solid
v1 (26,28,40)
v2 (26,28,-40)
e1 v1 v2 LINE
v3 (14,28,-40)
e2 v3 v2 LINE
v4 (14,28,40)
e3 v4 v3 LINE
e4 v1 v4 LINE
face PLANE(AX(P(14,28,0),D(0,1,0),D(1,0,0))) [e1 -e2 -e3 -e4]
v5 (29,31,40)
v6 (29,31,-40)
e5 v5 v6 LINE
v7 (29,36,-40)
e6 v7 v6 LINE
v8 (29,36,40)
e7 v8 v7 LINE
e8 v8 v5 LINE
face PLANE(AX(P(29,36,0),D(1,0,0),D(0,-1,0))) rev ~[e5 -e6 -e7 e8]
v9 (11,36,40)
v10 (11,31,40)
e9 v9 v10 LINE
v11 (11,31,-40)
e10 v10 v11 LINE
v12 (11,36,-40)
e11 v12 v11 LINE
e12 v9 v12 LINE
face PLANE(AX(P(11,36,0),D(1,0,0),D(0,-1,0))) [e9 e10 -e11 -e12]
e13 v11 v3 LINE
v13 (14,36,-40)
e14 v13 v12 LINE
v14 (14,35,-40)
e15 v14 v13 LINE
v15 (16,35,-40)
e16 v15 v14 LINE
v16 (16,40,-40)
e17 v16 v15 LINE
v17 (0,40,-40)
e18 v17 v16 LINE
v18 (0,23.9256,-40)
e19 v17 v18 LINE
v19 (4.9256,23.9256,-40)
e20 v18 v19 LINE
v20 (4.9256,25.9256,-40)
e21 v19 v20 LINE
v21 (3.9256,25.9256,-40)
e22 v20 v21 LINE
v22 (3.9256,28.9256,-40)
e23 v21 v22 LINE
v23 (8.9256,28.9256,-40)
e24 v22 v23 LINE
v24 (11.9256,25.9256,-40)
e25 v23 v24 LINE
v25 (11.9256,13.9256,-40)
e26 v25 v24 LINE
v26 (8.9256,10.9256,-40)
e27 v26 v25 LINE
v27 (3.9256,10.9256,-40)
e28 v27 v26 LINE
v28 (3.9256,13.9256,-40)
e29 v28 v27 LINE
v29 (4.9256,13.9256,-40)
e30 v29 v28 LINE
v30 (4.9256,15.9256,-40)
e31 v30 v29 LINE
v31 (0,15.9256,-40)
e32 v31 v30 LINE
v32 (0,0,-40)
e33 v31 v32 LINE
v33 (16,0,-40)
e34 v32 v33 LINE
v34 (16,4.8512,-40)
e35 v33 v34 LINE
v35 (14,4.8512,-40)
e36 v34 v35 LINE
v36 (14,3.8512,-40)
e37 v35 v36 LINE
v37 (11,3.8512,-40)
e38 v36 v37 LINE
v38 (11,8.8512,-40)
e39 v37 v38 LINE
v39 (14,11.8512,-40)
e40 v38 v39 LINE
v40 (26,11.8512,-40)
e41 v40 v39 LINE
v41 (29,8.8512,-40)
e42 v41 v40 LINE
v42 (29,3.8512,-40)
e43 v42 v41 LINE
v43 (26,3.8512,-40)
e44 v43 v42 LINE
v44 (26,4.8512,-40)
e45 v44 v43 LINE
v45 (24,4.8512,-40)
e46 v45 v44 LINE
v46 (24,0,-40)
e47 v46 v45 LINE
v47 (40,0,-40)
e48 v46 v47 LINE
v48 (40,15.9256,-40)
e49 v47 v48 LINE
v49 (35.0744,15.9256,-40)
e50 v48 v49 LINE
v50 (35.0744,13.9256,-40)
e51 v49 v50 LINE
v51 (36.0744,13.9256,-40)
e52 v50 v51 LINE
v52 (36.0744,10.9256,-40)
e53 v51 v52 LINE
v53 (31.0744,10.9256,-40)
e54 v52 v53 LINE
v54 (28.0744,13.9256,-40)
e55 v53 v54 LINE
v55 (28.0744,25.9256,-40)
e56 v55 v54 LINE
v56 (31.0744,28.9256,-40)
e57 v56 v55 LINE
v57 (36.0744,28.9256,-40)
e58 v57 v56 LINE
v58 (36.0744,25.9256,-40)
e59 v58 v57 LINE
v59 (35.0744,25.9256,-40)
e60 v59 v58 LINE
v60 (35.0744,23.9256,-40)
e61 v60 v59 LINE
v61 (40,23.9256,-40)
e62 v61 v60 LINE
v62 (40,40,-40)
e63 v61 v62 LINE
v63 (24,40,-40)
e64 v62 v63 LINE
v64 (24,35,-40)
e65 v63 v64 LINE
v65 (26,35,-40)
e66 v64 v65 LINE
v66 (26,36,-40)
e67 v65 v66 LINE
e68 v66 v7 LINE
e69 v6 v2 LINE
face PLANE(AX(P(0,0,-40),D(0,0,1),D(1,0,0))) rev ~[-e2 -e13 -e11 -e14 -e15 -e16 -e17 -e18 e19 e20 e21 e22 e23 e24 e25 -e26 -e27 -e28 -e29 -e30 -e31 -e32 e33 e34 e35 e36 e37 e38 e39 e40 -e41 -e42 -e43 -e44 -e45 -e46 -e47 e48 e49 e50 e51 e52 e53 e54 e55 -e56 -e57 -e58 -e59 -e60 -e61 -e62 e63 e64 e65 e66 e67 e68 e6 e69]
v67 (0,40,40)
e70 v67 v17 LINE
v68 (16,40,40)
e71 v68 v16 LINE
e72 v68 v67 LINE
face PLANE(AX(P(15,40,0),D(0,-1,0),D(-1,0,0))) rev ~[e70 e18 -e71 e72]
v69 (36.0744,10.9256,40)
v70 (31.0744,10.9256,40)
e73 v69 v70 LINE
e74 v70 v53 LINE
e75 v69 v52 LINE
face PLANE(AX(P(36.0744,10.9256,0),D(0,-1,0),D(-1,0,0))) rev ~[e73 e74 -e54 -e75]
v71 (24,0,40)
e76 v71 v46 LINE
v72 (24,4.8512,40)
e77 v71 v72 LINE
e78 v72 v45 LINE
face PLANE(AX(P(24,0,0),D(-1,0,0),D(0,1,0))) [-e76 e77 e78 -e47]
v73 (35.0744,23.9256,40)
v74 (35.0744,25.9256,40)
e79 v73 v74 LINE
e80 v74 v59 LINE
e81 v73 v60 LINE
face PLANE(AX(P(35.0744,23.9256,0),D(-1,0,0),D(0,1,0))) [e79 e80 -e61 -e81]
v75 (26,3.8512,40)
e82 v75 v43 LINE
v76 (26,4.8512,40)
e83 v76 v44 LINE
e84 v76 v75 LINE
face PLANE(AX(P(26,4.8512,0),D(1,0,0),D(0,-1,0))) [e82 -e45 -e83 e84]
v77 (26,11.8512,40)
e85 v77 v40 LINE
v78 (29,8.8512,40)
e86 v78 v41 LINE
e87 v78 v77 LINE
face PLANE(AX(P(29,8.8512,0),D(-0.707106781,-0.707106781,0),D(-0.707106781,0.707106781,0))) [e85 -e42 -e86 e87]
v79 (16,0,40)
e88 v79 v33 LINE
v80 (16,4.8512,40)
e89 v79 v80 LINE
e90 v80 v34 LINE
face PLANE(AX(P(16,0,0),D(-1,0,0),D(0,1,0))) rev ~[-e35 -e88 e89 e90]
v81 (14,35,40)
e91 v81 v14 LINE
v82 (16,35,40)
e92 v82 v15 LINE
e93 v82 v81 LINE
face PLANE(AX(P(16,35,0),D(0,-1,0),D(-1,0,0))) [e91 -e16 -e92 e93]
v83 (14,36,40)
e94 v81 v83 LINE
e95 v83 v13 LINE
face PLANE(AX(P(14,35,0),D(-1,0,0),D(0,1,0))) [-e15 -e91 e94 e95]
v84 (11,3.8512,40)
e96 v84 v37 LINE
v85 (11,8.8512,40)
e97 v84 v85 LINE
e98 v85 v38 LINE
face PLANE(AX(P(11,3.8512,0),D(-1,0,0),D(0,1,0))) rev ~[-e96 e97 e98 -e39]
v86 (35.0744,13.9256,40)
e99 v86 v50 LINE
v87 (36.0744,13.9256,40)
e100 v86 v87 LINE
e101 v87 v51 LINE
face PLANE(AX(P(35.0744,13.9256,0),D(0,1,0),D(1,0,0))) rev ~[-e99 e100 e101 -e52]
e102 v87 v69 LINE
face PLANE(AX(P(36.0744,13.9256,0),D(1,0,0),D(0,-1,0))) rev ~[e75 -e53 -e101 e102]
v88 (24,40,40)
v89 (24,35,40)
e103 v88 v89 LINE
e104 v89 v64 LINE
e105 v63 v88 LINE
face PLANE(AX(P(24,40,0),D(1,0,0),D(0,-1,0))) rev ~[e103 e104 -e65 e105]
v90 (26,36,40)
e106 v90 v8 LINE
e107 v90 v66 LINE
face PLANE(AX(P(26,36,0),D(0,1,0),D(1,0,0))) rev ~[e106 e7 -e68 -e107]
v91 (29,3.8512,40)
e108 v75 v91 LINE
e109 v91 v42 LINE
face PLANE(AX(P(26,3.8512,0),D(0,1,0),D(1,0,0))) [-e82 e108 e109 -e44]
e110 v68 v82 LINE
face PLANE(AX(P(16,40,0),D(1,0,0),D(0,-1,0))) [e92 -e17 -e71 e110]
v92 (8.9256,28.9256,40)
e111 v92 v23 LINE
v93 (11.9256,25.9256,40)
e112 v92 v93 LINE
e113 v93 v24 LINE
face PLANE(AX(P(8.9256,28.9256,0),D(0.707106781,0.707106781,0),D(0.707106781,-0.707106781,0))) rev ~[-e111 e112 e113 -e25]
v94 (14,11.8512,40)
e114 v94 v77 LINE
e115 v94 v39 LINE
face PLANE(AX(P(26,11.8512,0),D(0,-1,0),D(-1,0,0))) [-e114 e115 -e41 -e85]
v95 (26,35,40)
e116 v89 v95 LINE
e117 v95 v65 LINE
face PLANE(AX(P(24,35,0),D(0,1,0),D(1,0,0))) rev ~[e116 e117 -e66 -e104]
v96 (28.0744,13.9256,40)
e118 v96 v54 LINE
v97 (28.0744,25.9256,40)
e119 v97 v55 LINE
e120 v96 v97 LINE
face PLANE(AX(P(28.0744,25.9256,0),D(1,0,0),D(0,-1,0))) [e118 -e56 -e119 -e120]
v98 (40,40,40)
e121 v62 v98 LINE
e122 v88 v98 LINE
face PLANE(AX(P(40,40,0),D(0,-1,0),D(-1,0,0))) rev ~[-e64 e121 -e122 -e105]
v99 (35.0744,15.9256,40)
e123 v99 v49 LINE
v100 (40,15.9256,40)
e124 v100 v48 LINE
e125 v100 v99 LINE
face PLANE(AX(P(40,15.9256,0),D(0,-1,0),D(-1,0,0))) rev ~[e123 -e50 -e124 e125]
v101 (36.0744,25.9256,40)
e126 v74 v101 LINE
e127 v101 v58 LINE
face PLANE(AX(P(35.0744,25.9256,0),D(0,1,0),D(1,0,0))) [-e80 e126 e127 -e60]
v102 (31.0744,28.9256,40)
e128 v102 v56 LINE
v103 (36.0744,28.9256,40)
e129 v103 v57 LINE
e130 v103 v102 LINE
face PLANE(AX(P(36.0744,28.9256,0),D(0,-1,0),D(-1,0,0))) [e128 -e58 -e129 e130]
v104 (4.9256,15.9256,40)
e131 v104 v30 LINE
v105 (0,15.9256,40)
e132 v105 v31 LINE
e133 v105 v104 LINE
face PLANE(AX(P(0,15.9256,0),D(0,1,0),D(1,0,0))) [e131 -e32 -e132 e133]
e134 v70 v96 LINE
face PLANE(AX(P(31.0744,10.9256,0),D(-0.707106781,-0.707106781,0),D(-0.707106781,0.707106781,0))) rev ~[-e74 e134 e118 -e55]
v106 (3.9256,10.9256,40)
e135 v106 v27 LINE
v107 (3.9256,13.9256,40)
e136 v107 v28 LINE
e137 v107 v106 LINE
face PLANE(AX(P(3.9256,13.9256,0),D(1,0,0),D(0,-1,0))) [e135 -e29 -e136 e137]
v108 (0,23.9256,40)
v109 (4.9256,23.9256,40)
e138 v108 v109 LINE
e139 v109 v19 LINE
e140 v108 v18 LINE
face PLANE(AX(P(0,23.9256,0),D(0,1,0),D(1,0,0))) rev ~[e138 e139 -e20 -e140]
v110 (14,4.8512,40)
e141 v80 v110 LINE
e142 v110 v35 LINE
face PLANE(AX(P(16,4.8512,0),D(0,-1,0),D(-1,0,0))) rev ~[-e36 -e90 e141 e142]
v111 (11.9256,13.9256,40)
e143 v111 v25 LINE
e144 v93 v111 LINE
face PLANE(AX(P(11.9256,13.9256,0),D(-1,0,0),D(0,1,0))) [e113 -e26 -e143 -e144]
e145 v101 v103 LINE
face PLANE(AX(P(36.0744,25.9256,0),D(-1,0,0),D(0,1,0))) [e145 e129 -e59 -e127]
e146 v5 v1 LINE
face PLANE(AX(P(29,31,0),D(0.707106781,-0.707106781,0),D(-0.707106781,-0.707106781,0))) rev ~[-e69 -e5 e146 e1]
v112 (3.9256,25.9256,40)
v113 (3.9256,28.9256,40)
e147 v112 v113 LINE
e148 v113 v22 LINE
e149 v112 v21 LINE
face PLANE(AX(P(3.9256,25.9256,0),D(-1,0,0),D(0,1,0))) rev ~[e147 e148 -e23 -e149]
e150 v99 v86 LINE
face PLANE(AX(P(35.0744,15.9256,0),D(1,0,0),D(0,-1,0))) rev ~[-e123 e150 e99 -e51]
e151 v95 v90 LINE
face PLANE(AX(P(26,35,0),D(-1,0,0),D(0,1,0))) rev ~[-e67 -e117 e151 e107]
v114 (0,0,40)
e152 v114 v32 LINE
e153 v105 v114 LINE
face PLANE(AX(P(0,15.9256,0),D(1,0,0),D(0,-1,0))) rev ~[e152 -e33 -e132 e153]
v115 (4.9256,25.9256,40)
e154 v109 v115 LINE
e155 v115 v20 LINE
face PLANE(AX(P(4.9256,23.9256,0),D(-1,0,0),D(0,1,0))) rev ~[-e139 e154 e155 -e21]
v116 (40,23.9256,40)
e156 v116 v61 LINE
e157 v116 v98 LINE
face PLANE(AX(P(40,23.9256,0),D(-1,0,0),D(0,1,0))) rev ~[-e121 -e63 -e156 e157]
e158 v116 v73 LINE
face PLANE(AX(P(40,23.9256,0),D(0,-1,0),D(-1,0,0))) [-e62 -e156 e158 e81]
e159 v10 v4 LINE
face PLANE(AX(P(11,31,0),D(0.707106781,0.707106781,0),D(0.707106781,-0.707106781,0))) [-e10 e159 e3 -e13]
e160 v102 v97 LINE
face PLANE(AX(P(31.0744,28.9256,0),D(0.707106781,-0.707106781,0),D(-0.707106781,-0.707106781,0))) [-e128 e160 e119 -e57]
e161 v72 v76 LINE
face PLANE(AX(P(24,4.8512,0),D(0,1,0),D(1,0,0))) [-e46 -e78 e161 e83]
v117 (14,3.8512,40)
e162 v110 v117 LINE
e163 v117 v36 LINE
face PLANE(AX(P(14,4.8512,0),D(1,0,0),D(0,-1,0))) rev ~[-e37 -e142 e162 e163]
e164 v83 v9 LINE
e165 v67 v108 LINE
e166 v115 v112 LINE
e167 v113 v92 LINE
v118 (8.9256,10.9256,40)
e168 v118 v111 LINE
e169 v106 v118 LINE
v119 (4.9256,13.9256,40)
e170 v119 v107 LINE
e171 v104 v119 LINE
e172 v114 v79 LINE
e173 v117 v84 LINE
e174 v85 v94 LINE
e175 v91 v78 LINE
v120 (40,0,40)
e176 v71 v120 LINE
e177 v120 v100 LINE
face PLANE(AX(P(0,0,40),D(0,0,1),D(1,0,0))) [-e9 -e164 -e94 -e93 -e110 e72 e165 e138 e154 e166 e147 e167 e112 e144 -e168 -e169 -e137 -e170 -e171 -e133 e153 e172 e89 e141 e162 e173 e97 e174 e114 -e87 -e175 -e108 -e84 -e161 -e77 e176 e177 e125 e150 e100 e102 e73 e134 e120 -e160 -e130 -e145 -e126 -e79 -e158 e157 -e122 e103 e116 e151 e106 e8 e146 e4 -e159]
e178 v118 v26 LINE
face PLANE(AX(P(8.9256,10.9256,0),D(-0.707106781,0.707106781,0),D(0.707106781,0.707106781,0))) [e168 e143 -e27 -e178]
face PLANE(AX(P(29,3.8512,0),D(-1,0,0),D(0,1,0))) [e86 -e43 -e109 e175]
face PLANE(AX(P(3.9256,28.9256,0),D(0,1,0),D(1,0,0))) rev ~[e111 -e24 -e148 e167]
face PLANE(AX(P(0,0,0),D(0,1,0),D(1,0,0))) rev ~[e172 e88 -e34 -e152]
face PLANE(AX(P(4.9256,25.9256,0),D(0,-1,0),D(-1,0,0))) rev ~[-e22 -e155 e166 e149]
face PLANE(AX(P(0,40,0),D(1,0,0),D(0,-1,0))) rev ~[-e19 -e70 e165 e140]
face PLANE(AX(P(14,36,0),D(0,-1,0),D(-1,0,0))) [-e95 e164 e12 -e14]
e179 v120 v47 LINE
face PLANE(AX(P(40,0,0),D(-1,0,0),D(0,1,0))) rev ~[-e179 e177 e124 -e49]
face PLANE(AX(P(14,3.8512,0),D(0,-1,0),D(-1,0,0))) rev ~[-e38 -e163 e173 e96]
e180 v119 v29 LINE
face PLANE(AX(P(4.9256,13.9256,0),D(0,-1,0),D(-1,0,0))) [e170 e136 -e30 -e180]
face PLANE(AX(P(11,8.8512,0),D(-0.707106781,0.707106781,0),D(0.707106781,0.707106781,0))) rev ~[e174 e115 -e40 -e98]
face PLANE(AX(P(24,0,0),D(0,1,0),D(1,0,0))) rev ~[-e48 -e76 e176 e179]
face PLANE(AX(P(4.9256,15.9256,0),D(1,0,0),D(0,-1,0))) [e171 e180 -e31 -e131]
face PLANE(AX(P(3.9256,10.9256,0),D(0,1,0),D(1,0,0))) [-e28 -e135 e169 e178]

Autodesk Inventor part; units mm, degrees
ref_plane "YZ Plane" through (0, 0, 0) normal (1, 0, 0) x (0, 1, 0)
ref_plane "XZ Plane" through (0, 0, 0) normal (0, 1, 0) x (-1, 0, 0)
ref_plane "XY Plane" through (0, 0, 0) normal (0, 0, 1) x (1, 0, 0)
sketch "스케치1" plane through (0, 0, 0) normal (0, 0, 1) x (1, 0, 0)
  line L0 (40, 40) -> (25, 40)
  line L1 (15, 40) -> (0, 40)
  line L2 (16, 40) -> (16, 35)
  line L3 (16, 35) -> (14, 35)
  line L4 (14, 35) -> (14, 36)
  line L5 (14, 36) -> (11, 36)
  line L6 (11, 36) -> (11, 31)
  line L7 (11, 31) -> (14, 28)
  line L8 (11, 31) -> (20.81, 31) construction
  line L9 (14, 28) -> (20, 28)
  line L10 (24, 40) -> (24, 35)
  line L11 (24, 35) -> (26, 35)
  line L12 (26, 35) -> (26, 36)
  line L13 (26, 36) -> (29, 36)
  line L14 (29, 36) -> (29, 31)
  line L15 (29, 31) -> (26, 28)
  line L16 (29, 31) -> (19.19, 31) construction
  line L17 (26, 28) -> (20, 28)
  line L18 (-0.0744, 15.9256) -> (4.9256, 15.9256)
  line L19 (-0.0744, 23.9256) -> (4.9256, 23.9256)
  line L20 (4.9256, 23.9256) -> (4.9256, 25.9256)
  line L21 (11.9256, 25.9256) -> (11.9256, 19.9256)
  line L22 (8.9256, 28.9256) -> (8.9256, 19.1155) construction
  line L23 (8.9256, 28.9256) -> (11.9256, 25.9256)
  line L24 (3.9256, 28.9256) -> (8.9256, 28.9256)
  line L25 (3.9256, 25.9256) -> (3.9256, 28.9256)
  line L26 (4.9256, 25.9256) -> (3.9256, 25.9256)
  line L27 (4.9256, 15.9256) -> (4.9256, 13.9256)
  line L28 (11.9256, 13.9256) -> (11.9256, 19.9256)
  line L29 (4.9256, 13.9256) -> (3.9256, 13.9256)
  line L30 (8.9256, 10.9256) -> (11.9256, 13.9256)
  line L31 (8.9256, 10.9256) -> (8.9256, 20.7356) construction
  line L32 (3.9256, 13.9256) -> (3.9256, 10.9256)
  line L33 (3.9256, 10.9256) -> (8.9256, 10.9256)
  line L34 (24, -0.1488) -> (24, 4.8512)
  line L35 (16, -0.1488) -> (16, 4.8512)
  line L36 (16, 4.8512) -> (14, 4.8512)
  line L37 (14, 11.8512) -> (20, 11.8512)
  line L38 (11, 8.8512) -> (20.81, 8.8512) construction
  line L39 (11, 8.8512) -> (14, 11.8512)
  line L40 (11, 3.8512) -> (11, 8.8512)
  line L41 (14, 3.8512) -> (11, 3.8512)
  line L42 (14, 4.8512) -> (14, 3.8512)
  line L43 (24, 4.8512) -> (26, 4.8512)
  line L44 (26, 11.8512) -> (20, 11.8512)
  line L45 (26, 4.8512) -> (26, 3.8512)
  line L46 (29, 8.8512) -> (26, 11.8512)
  line L47 (29, 8.8512) -> (19.19, 8.8512) construction
  line L48 (26, 3.8512) -> (29, 3.8512)
  line L49 (29, 3.8512) -> (29, 8.8512)
  line L50 (40.0744, 23.9256) -> (35.0744, 23.9256)
  line L51 (40.0744, 15.9256) -> (35.0744, 15.9256)
  line L52 (35.0744, 15.9256) -> (35.0744, 13.9256)
  line L53 (28.0744, 13.9256) -> (28.0744, 19.9256)
  line L54 (31.0744, 10.9256) -> (31.0744, 20.7356) construction
  line L55 (31.0744, 10.9256) -> (28.0744, 13.9256)
  line L56 (36.0744, 10.9256) -> (31.0744, 10.9256)
  line L57 (36.0744, 13.9256) -> (36.0744, 10.9256)
  line L58 (35.0744, 13.9256) -> (36.0744, 13.9256)
  line L59 (35.0744, 23.9256) -> (35.0744, 25.9256)
  line L60 (28.0744, 25.9256) -> (28.0744, 19.9256)
  line L61 (35.0744, 25.9256) -> (36.0744, 25.9256)
  line L62 (31.0744, 28.9256) -> (28.0744, 25.9256)
  line L63 (31.0744, 28.9256) -> (31.0744, 19.1155) construction
  line L64 (36.0744, 25.9256) -> (36.0744, 28.9256)
  line L65 (36.0744, 28.9256) -> (31.0744, 28.9256)
  line L66 (11, 20) -> (11.9256, 20)
  line L67 (28.0744, 20) -> (29, 20)
  line L68 (20, 3.8512) -> (20, 4.8512)
  line L69 (20, 35) -> (20, 36)
  line L70 (15, 40) -> (16, 40)
  line L71 (24, 40) -> (25, 40)
  line L72 (0, 40) -> (0, 23.9256)
  line L73 (0, 15.9256) -> (0, 0)
  line L74 (40, 0) -> (40, 15.9256)
  line L75 (40, 23.9256) -> (40, 40)
  line L76 (0, 0) -> (16, 0)
  line L77 (24, 0) -> (40, 0)
  point P0 (25, 38)
  point P1 (20, 19.9256)
  point P2 (15, 35)
  point P3 (25, 35)
  point P4 (4.9256, 24.9256)
  point P5 (4.9256, 14.9256)
  point P6 (15, 4.8512)
  point P7 (25, 4.8512)
  point P8 (35.0744, 14.9256)
  point P9 (35.0744, 24.9256)
  dimension "d0" = 40
  dimension "d1" = 40
  dimension "d14" = 2
  dimension "d15" = 5
  dimension "d16" = 1
  dimension "d17" = 3
  dimension "d18" = 5
  dimension "d19" = 45
  dimension "d21" = 7
  dimension "d24" = 360
extrude "돌출1" add sketch "스케치1" along normal mid plane 80
properties part number "8" material "철, 회색"
